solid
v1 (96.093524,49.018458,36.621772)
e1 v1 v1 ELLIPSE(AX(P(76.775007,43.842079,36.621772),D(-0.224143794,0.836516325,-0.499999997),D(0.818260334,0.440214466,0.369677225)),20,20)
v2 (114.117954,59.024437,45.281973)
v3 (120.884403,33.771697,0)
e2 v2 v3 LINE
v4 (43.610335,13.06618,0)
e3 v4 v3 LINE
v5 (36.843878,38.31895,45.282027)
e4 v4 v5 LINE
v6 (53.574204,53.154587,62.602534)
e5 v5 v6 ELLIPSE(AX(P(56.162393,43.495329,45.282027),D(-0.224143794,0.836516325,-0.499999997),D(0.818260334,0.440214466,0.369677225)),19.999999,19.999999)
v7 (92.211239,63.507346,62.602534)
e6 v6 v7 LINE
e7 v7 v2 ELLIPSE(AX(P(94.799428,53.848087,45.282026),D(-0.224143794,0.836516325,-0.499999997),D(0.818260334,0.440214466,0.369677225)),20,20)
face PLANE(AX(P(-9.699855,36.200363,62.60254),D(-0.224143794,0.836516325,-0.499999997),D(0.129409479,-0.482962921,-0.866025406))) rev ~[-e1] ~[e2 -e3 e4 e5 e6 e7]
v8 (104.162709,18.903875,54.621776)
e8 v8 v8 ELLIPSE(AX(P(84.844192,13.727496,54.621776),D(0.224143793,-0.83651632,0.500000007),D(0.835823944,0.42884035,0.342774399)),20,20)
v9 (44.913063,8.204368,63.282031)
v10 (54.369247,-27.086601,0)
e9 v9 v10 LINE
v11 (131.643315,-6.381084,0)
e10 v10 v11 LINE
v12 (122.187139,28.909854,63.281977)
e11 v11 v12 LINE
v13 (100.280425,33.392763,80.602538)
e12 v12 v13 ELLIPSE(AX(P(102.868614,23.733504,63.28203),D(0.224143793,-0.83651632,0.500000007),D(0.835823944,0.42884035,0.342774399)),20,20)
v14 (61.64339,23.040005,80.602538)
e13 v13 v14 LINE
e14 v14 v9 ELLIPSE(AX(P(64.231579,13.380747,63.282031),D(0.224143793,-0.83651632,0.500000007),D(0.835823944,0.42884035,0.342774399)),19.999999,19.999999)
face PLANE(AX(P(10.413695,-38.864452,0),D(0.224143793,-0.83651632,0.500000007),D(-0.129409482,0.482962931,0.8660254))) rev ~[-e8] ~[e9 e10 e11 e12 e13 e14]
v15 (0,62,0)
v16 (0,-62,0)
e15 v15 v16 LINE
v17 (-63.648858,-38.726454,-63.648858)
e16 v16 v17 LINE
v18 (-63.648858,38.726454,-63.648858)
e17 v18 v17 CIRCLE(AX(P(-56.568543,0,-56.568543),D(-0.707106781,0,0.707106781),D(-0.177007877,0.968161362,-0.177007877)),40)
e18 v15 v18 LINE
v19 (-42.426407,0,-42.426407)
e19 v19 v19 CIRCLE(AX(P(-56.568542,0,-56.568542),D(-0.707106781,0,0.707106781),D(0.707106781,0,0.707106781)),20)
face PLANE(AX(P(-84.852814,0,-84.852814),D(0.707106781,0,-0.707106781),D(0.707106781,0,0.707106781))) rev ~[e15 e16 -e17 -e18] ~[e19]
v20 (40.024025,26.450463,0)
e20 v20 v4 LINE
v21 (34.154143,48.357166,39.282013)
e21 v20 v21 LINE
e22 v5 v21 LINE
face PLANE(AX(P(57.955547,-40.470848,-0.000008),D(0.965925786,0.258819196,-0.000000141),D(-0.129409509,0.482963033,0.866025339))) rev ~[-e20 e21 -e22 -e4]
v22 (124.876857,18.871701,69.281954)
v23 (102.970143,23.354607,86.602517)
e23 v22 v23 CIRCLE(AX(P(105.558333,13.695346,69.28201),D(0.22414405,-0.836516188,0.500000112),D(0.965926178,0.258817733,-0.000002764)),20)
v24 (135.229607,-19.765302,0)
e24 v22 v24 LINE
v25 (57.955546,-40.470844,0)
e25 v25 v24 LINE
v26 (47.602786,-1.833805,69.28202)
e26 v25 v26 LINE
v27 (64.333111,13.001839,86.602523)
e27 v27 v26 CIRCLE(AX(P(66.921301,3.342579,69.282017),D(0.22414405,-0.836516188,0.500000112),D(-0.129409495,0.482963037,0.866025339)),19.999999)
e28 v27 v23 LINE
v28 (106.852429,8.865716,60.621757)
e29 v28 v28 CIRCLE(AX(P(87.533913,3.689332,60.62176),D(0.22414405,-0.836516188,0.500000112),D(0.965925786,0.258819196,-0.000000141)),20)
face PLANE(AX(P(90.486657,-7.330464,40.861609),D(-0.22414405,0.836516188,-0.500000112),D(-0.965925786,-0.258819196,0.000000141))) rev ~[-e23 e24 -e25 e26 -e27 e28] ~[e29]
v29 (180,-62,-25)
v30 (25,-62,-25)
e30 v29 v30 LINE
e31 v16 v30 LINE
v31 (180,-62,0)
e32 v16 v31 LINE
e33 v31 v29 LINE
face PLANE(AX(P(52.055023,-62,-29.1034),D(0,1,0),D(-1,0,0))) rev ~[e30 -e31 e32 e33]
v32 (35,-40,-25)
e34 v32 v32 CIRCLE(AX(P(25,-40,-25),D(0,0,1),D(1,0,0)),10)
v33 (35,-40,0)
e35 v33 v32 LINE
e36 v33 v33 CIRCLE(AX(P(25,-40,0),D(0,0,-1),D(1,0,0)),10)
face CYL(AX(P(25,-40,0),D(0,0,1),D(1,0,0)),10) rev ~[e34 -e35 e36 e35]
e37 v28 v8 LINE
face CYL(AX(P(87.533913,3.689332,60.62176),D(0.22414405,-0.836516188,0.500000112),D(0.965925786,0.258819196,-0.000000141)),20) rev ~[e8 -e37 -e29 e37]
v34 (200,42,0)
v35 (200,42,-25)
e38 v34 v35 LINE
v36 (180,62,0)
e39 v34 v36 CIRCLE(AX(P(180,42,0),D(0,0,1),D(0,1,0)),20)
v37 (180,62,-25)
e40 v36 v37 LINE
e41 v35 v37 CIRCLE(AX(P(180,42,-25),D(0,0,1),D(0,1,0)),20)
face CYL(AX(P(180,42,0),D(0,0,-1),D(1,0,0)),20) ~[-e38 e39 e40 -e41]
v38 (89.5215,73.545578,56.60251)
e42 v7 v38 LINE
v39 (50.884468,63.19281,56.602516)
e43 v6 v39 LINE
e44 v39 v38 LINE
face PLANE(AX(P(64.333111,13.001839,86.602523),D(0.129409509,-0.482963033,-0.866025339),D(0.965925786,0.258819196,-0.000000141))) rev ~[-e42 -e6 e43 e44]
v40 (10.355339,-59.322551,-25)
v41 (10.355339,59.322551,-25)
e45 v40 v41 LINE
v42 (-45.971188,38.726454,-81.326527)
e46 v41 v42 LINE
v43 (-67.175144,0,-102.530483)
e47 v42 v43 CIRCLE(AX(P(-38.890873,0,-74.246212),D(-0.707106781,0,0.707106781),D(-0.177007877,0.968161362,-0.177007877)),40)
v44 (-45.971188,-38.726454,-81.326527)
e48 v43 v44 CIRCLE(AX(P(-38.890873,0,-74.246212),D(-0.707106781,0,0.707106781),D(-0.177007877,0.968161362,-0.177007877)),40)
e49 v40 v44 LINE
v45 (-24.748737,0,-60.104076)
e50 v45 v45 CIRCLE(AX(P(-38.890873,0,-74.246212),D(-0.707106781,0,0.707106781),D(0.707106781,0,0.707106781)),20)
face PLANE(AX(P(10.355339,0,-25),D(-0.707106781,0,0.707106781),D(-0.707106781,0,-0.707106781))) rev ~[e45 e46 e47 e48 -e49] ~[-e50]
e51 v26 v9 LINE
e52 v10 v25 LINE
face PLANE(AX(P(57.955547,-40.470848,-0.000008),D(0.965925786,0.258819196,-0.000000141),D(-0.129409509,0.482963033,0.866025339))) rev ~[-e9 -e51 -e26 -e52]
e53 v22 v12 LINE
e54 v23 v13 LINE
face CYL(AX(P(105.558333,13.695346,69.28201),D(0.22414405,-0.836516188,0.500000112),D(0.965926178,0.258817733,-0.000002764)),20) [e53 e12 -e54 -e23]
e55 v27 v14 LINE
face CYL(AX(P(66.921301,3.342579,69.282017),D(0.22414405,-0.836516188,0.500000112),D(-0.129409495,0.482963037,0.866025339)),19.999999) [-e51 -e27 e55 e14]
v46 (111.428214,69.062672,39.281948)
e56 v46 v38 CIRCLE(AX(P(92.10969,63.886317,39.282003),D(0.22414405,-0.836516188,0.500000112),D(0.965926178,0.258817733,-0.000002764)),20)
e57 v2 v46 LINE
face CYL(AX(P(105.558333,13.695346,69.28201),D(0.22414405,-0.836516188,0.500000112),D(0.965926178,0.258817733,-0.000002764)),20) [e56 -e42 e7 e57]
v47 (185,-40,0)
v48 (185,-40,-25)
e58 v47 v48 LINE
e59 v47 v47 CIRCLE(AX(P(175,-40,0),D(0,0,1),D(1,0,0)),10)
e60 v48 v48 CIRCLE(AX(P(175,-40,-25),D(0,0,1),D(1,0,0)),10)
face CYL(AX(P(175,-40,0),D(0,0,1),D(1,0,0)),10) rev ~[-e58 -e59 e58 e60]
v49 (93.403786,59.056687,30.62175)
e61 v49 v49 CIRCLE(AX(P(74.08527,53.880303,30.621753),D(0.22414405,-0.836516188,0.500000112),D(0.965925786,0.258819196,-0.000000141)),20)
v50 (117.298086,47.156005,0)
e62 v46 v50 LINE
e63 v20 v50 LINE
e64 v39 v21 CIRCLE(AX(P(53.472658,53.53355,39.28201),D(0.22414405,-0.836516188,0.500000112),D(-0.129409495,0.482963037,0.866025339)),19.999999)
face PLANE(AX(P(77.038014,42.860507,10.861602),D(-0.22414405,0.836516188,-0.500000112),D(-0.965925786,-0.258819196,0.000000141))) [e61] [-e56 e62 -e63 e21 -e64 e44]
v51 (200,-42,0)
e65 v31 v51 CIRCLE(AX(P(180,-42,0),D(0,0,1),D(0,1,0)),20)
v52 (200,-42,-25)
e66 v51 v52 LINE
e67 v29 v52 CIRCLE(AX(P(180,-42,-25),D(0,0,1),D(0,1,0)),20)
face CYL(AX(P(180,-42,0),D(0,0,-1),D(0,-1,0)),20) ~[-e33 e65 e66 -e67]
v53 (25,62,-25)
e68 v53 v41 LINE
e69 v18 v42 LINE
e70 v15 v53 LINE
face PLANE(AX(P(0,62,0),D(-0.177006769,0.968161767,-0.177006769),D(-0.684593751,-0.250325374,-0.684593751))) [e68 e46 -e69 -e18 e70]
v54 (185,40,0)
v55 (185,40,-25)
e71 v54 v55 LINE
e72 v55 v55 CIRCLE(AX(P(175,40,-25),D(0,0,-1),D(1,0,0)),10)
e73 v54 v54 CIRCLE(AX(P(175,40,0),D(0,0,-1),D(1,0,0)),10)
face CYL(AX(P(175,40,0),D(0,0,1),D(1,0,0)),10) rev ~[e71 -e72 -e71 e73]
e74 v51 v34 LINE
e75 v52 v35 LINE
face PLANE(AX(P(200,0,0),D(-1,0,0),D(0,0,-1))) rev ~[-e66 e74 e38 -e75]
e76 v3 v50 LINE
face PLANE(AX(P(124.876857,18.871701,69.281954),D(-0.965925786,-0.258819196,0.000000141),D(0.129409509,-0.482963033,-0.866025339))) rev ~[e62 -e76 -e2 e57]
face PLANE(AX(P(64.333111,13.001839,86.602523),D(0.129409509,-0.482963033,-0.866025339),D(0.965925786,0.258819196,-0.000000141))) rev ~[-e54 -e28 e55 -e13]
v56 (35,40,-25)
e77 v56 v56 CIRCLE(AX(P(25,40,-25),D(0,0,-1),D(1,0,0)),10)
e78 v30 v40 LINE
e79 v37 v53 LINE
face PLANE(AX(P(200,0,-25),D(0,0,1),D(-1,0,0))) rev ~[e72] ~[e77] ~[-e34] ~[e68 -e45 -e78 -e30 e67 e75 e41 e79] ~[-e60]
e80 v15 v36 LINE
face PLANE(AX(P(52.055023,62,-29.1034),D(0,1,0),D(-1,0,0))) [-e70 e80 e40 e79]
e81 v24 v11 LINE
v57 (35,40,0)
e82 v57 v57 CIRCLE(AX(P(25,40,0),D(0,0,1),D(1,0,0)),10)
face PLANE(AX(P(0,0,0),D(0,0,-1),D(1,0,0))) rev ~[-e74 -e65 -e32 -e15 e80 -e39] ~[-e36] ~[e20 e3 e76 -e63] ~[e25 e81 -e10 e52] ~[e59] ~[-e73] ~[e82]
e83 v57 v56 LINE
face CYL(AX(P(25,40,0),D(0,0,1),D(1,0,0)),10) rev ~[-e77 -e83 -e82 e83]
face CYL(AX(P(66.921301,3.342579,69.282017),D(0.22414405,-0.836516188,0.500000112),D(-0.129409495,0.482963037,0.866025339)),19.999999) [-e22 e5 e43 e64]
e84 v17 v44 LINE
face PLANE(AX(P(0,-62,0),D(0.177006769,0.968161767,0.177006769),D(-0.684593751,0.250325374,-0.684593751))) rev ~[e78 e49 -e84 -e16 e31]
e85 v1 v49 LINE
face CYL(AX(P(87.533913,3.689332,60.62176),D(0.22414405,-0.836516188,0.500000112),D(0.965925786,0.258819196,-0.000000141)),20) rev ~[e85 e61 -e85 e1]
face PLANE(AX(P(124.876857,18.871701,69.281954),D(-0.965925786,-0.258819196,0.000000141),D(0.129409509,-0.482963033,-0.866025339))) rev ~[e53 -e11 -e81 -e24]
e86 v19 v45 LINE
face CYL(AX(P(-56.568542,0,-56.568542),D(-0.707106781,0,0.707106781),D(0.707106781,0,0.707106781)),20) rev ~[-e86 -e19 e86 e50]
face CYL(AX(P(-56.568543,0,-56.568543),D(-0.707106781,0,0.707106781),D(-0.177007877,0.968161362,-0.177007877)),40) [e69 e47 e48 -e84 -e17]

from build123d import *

# Parameters (mm, degrees)
PAD_DEPTH            = 62
POCKET_DEPTH         = 213.922356
SKETCH002_R          = 20
POCKET001_DEPTH      = 213.922356
SKETCH003_R          = 10
POCKET002_DEPTH      = 102.531483
POCKET002_DEPTH_BACK = 0.001
PAD001_DEPTH         = 60
SKETCH005_R          = 20
POCKET003_DEPTH      = 60
POCKET004_DEPTH      = 212.557512
SKETCH007_W          = 150
SKETCH007_H          = 20
POCKET005_DEPTH      = 74.846137
FILLET_R             = 20


with BuildPart() as part:
    # Sketch → Pad (new body, symmetric)
    with BuildSketch(Plane.XZ):
        Polygon((0, 0), (200, 0), (200, -25), (10.355339, -25), (-67.175144, -102.530483), (-84.852814, -84.852814), align=None)
    extrude(amount=PAD_DEPTH, both=True)

    # Sketch001 (on DatumPlane) → Pocket (cut, through all)
    with BuildSketch(Plane(origin=(0, 0, 0), x_dir=(0.707107, 0, 0.707107), z_dir=(-0.707107, 0, 0.707107))):
        with BuildLine():
            Line((-130, 62), (0, 62))
            Line((0, 62), (-90.013078, 38.726454))
            ThreePointArc((-90.013078, 38.726454), (-120, 0), (-90.013078, -38.726454))
            Line((0, -62), (-90.013078, -38.726454))
            Line((0, -62), (-130, -62))
            Line((-130, -62), (-130, 62))
        make_face()
    extrude(amount=-POCKET_DEPTH, mode=Mode.SUBTRACT)

    # Sketch002 (on DatumPlane) → Pocket001 (cut, through all)
    with BuildSketch(Plane(origin=(0, 0, 0), x_dir=(0.707107, 0, 0.707107), z_dir=(-0.707107, 0, 0.707107))):
        with Locations((-80, 0)):
            Circle(SKETCH002_R)
    extrude(amount=-POCKET001_DEPTH, mode=Mode.SUBTRACT)

    # Sketch003 → Pocket002 (cut, two sides)
    with BuildSketch(Plane.XY) as pocket002_sk:
        with Locations((25, 40)):
            Circle(SKETCH003_R)
        with Locations((175, 40)):
            Circle(SKETCH003_R)
        with Locations((175, -40)):
            Circle(SKETCH003_R)
        with Locations((25, -40)):
            Circle(SKETCH003_R)
    extrude(amount=-POCKET002_DEPTH, mode=Mode.SUBTRACT)
    extrude(pocket002_sk.sketch, amount=POCKET002_DEPTH_BACK, mode=Mode.SUBTRACT)

    # Sketch004 (on DatumPlane) → Pad001 (join)
    with BuildSketch(Plane(origin=(0, -56, 0), x_dir=(0.965926, 0.258819, 0), z_dir=(0.224144, -0.836516, 0.5))):
        with BuildLine():
            Line((140, 79.999939), (140, 0))
            Line((140, 0), (60, 0))
            Line((60, 0), (60, 80.000001))
            ThreePointArc((79.999999, 100), (65.857864, 94.142136), (60, 80.000001))
            Line((79.999999, 100), (120, 100))
            ThreePointArc((140, 79.999939), (134.142157, 94.142114), (120, 100))
        make_face()
    extrude(amount=-PAD001_DEPTH)

    # Sketch005 (on DatumPlane) → Pocket003 (cut)
    with BuildSketch(Plane(origin=(0, -56, 0), x_dir=(0.965926, 0.258819, 0), z_dir=(0.224144, -0.836516, 0.5))):
        with Locations((100, 70)):
            Circle(SKETCH005_R)
    extrude(amount=-POCKET003_DEPTH, mode=Mode.SUBTRACT)

    # Sketch006 (on DatumPlane) → Pocket004 (cut, through all)
    with BuildSketch(Plane(origin=(0, 0, 0), x_dir=(-0.258819, 0.965926, 0), z_dir=(0.965926, 0.258819, 0))):
        Polygon((-40.23544, 0), (6.300459, 80.60254), (37.477373, 62.60254), (1.33378, 0), align=None)
    extrude(amount=POCKET004_DEPTH, mode=Mode.SUBTRACT)

    # Sketch007 → Pocket005 (cut, through all)
    with BuildSketch(Plane.XZ):
        with Locations((90, -35)):
            Rectangle(SKETCH007_W, SKETCH007_H)
    extrude(amount=-POCKET005_DEPTH, mode=Mode.SUBTRACT)

    # Fillet
    fillet_edges = [part.edges().sort_by_distance(p)[0] for p in [
        (200, -62, -12.5),
        (200, 62, -12.5),
    ]]
    fillet(fillet_edges, radius=FILLET_R)


solid = part.part
